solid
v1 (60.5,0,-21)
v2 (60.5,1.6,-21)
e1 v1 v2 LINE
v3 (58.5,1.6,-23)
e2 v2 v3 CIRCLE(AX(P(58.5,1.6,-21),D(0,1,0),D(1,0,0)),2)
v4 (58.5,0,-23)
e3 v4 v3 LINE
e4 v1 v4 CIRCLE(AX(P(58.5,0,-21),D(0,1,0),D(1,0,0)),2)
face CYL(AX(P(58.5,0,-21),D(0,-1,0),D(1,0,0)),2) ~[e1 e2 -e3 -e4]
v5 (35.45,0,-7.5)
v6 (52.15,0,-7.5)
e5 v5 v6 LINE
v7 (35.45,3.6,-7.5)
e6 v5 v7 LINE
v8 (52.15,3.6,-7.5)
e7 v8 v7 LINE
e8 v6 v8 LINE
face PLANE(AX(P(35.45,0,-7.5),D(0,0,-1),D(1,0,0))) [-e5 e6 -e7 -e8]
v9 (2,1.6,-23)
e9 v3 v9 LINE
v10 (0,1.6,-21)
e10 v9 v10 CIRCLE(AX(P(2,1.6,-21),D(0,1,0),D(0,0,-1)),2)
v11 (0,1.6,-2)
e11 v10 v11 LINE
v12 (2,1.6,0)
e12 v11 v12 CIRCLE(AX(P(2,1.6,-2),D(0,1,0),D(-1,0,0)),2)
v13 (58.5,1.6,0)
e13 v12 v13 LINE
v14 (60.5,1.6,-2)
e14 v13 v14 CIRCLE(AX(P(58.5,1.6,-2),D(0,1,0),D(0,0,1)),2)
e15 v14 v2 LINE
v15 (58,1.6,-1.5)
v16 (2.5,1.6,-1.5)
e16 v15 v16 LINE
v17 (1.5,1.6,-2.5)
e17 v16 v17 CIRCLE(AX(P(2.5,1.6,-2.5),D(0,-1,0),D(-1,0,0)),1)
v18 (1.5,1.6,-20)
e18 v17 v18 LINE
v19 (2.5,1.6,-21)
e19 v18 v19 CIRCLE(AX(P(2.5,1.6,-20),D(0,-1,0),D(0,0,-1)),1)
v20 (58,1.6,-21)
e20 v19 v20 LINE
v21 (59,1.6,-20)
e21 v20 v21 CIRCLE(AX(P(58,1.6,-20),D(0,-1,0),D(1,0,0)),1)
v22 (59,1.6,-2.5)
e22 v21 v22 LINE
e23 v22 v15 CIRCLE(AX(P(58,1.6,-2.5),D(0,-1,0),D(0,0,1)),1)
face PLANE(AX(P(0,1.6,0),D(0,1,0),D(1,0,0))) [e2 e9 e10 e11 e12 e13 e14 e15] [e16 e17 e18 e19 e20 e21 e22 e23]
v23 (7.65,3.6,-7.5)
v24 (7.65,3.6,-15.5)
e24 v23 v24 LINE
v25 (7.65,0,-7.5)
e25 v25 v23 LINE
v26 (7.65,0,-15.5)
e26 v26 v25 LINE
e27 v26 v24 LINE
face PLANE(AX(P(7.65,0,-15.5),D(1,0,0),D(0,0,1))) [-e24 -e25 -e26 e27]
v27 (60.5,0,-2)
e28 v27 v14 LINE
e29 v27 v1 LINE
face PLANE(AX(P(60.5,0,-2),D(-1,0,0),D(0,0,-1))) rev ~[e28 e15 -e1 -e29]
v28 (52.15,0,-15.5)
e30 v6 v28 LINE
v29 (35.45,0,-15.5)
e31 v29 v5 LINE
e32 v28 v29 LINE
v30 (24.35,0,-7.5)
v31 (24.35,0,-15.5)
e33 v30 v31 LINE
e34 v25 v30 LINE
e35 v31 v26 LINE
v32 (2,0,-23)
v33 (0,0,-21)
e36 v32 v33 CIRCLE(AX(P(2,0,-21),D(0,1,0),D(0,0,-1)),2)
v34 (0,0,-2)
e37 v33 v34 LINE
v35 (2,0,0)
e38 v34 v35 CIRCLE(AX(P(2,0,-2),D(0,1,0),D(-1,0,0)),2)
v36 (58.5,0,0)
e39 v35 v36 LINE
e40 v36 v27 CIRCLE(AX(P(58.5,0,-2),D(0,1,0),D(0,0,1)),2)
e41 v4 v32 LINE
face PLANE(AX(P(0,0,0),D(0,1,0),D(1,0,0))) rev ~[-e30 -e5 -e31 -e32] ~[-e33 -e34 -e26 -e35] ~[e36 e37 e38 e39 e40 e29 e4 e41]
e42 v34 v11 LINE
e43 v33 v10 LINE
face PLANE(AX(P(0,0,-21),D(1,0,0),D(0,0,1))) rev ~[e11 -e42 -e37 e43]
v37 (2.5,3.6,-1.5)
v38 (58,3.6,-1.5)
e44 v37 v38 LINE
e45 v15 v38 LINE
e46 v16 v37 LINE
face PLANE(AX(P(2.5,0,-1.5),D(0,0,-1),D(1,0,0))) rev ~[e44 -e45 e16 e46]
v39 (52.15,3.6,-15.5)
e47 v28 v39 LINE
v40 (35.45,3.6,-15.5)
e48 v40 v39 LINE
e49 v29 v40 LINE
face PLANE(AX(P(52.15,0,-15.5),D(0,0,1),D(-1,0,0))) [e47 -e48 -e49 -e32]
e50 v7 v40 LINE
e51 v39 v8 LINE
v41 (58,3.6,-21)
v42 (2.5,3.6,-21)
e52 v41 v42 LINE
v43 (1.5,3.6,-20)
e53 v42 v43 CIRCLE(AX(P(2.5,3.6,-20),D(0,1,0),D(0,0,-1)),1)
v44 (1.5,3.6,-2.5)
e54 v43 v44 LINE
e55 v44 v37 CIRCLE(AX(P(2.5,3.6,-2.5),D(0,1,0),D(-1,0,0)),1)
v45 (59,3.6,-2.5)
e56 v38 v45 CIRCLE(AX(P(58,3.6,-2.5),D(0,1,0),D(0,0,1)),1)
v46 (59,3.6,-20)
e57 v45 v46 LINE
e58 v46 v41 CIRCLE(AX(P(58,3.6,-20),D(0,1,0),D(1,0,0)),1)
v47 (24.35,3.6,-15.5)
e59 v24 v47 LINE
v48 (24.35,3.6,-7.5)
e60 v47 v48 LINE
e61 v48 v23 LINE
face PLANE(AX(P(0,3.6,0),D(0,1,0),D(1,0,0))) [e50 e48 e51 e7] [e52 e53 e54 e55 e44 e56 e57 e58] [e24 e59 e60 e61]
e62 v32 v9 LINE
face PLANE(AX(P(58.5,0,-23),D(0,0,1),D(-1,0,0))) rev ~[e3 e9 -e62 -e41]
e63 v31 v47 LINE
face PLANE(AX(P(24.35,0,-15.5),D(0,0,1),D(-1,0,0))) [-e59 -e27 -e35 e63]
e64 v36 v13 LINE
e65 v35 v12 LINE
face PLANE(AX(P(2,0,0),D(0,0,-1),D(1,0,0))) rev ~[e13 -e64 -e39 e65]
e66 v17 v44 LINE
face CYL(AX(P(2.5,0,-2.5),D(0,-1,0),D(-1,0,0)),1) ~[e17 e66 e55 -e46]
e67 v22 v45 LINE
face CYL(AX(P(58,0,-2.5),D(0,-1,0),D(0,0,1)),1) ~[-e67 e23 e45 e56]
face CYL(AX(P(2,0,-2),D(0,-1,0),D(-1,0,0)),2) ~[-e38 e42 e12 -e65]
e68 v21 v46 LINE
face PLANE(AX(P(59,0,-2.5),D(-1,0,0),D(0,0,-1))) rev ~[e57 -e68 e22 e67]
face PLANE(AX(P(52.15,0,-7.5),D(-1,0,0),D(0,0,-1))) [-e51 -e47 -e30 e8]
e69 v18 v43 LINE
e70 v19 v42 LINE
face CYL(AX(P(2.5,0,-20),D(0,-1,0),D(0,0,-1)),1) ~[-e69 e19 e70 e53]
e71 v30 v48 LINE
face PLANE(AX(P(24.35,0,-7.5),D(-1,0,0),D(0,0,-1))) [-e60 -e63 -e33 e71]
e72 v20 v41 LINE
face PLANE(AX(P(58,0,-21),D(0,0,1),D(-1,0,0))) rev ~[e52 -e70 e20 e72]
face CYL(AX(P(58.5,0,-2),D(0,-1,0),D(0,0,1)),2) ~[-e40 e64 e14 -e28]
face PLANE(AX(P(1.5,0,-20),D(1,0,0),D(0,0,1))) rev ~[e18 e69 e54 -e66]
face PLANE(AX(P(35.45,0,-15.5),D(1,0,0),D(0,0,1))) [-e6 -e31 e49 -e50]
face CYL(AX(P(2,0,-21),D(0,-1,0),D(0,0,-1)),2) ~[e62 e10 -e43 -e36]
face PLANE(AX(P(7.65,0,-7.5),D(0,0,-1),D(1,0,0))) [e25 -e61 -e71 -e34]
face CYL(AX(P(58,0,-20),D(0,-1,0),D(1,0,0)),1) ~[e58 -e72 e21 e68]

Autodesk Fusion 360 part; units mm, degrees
sketch "Skizze1" plane through (0, 0, 0) normal (0, 1, 0) x (1, 0, 0)
  arc A0 (0, 2) -> (2, 0) centre (2, 2) ccw
  arc A1 (2, 23) -> (0, 21) centre (2, 21) ccw
  line L0 (58.5, 23) -> (2, 23)
  line L1 (60.5, 2) -> (60.5, 21)
  arc A2 (58.5, 0) -> (60.5, 2) centre (58.5, 2) ccw
  line L2 (2, 0) -> (58.5, 0)
  line L3 (0, 21) -> (0, 2)
  arc A3 (60.5, 21) -> (58.5, 23) centre (58.5, 21) ccw
  point P0 (60.5, 0)
  point P1 (0, 23)
  dimension "d1" = 60.5
  dimension "d2" = 23
  dimension "d3" = 2
  dimension "d4" = 2
  dimension "d5" = 2
  dimension "d6" = 2
sketch "Skizze2" plane through (0, 0, 0) normal (0, 1, 0) x (1, 0, 0)
  line L0 (2.5, 1.5) -> (58, 1.5)
  line L1 (59, 2.5) -> (59, 20)
  line L2 (58, 21) -> (2.5, 21)
  line L3 (1.5, 20) -> (1.5, 2.5)
  line L4 (2, 0) -> (58.5, 0)
  line L5 (0, 21) -> (0, 2)
  arc A0 (2.5, 21) -> (1.5, 20) centre (2.5, 20) ccw
  arc A1 (1.5, 2.5) -> (2.5, 1.5) centre (2.5, 2.5) ccw
  arc A2 (59, 20) -> (58, 21) centre (58, 20) ccw
  arc A3 (58, 1.5) -> (59, 2.5) centre (58, 2.5) ccw
  point P0 (1.5, 1.5)
  point P1 (59, 1.5)
  point P2 (1.5, 21)
  dimension "d7" = 57.5
  dimension "d8" = 19.5
  dimension "d9" = 1.5
  dimension "d10" = 1.5
  dimension "d11" = 1
sketch "Skizze5" plane through (0, 0, 0) normal (0, 1, 0) x (1, 0, 0)
  line L0 (4, 4.2) -> (28, 4.2)
  line L1 (28, 4.2) -> (28, 18.8)
  line L2 (28, 18.8) -> (4, 18.8)
  line L3 (4, 18.8) -> (4, 4.2)
  line L4 (7.65, 7.5) -> (24.35, 7.5)
  line L5 (24.35, 7.5) -> (24.35, 15.5)
  line L6 (24.35, 15.5) -> (7.65, 15.5)
  line L7 (7.65, 15.5) -> (7.65, 7.5)
  line L8 (0, 21) -> (0, 2)
  line L9 (35.45, 7.5) -> (52.15, 7.5)
  line L10 (52.15, 15.5) -> (35.45, 15.5)
  line L11 (35.45, 15.5) -> (35.45, 7.5)
  line L12 (55.8, 4.2) -> (55.8, 18.8)
  line L13 (55.8, 18.8) -> (31.8, 18.8)
  line L14 (31.8, 18.8) -> (31.8, 4.2)
  line L15 (31.8, 4.2) -> (55.8, 4.2)
  line L16 (2, 0) -> (58.5, 0)
  line L17 (52.15, 7.5) -> (52.15, 15.5)
  dimension "d52" = 24
  dimension "d53" = 14.6
  dimension "d54" = 16.7
  dimension "d55" = 8
  dimension "d56" = 3.3
  dimension "d57" = 3.65
  dimension "d58" = 4
  dimension "d59" = 24
  dimension "d60" = 14.6
  dimension "d61" = 16.7
  dimension "d62" = 8
  dimension "d63" = 3.3
  dimension "d65" = 4.2
  dimension "d66" = 4.2
  dimension "d81" = 3.65
extrude "Extrusion8" add sketch "Skizze1" along normal blind 1.6
extrude "Extrusion9" add sketch "Skizze2" along normal blind 3.6
extrude "Extrusion10" cut sketch "Skizze5" along normal blind 20 contours L4 L5 L6 L7 | L9 L10 L11 L17
sketch "Skizze4" plane through (0, 0, 0) normal (0, 1, 0) x (1, 0, 0)
  circle A0 centre (44.5, 8) radius 1.5
  circle A1 centre (49.5, 8) radius 1.5
  circle A2 centre (54.5, 8) radius 1.5
  line L0 (2.5, 1.5) -> (58, 1.5)
  line L1 (24, 17.25) -> (24, 6.05)
  line L2 (36.5, 6.05) -> (36.5, 17.25)
  line L3 (2, 0) -> (58.5, 0)
  dimension "d16" = 3
  dimension "d17" = 3
  dimension "d18" = 3
  dimension "d19" = 5
  dimension "d20" = 5
  dimension "d25" = 8
  dimension "d26" = 8
extrude "Extrusion1" [suppressed]
extrude "Extrusion2" [suppressed]
extrude "Extrusion3" [suppressed]
equation "d16 = h1"
equation "d17 = h1"
equation "d18 = h1"
equation "h1 = 3 mm"
equation "h1_hoehe = 6.5 mm"
equation "d26 = h1_hoehe + ( h1 / 2 )"
